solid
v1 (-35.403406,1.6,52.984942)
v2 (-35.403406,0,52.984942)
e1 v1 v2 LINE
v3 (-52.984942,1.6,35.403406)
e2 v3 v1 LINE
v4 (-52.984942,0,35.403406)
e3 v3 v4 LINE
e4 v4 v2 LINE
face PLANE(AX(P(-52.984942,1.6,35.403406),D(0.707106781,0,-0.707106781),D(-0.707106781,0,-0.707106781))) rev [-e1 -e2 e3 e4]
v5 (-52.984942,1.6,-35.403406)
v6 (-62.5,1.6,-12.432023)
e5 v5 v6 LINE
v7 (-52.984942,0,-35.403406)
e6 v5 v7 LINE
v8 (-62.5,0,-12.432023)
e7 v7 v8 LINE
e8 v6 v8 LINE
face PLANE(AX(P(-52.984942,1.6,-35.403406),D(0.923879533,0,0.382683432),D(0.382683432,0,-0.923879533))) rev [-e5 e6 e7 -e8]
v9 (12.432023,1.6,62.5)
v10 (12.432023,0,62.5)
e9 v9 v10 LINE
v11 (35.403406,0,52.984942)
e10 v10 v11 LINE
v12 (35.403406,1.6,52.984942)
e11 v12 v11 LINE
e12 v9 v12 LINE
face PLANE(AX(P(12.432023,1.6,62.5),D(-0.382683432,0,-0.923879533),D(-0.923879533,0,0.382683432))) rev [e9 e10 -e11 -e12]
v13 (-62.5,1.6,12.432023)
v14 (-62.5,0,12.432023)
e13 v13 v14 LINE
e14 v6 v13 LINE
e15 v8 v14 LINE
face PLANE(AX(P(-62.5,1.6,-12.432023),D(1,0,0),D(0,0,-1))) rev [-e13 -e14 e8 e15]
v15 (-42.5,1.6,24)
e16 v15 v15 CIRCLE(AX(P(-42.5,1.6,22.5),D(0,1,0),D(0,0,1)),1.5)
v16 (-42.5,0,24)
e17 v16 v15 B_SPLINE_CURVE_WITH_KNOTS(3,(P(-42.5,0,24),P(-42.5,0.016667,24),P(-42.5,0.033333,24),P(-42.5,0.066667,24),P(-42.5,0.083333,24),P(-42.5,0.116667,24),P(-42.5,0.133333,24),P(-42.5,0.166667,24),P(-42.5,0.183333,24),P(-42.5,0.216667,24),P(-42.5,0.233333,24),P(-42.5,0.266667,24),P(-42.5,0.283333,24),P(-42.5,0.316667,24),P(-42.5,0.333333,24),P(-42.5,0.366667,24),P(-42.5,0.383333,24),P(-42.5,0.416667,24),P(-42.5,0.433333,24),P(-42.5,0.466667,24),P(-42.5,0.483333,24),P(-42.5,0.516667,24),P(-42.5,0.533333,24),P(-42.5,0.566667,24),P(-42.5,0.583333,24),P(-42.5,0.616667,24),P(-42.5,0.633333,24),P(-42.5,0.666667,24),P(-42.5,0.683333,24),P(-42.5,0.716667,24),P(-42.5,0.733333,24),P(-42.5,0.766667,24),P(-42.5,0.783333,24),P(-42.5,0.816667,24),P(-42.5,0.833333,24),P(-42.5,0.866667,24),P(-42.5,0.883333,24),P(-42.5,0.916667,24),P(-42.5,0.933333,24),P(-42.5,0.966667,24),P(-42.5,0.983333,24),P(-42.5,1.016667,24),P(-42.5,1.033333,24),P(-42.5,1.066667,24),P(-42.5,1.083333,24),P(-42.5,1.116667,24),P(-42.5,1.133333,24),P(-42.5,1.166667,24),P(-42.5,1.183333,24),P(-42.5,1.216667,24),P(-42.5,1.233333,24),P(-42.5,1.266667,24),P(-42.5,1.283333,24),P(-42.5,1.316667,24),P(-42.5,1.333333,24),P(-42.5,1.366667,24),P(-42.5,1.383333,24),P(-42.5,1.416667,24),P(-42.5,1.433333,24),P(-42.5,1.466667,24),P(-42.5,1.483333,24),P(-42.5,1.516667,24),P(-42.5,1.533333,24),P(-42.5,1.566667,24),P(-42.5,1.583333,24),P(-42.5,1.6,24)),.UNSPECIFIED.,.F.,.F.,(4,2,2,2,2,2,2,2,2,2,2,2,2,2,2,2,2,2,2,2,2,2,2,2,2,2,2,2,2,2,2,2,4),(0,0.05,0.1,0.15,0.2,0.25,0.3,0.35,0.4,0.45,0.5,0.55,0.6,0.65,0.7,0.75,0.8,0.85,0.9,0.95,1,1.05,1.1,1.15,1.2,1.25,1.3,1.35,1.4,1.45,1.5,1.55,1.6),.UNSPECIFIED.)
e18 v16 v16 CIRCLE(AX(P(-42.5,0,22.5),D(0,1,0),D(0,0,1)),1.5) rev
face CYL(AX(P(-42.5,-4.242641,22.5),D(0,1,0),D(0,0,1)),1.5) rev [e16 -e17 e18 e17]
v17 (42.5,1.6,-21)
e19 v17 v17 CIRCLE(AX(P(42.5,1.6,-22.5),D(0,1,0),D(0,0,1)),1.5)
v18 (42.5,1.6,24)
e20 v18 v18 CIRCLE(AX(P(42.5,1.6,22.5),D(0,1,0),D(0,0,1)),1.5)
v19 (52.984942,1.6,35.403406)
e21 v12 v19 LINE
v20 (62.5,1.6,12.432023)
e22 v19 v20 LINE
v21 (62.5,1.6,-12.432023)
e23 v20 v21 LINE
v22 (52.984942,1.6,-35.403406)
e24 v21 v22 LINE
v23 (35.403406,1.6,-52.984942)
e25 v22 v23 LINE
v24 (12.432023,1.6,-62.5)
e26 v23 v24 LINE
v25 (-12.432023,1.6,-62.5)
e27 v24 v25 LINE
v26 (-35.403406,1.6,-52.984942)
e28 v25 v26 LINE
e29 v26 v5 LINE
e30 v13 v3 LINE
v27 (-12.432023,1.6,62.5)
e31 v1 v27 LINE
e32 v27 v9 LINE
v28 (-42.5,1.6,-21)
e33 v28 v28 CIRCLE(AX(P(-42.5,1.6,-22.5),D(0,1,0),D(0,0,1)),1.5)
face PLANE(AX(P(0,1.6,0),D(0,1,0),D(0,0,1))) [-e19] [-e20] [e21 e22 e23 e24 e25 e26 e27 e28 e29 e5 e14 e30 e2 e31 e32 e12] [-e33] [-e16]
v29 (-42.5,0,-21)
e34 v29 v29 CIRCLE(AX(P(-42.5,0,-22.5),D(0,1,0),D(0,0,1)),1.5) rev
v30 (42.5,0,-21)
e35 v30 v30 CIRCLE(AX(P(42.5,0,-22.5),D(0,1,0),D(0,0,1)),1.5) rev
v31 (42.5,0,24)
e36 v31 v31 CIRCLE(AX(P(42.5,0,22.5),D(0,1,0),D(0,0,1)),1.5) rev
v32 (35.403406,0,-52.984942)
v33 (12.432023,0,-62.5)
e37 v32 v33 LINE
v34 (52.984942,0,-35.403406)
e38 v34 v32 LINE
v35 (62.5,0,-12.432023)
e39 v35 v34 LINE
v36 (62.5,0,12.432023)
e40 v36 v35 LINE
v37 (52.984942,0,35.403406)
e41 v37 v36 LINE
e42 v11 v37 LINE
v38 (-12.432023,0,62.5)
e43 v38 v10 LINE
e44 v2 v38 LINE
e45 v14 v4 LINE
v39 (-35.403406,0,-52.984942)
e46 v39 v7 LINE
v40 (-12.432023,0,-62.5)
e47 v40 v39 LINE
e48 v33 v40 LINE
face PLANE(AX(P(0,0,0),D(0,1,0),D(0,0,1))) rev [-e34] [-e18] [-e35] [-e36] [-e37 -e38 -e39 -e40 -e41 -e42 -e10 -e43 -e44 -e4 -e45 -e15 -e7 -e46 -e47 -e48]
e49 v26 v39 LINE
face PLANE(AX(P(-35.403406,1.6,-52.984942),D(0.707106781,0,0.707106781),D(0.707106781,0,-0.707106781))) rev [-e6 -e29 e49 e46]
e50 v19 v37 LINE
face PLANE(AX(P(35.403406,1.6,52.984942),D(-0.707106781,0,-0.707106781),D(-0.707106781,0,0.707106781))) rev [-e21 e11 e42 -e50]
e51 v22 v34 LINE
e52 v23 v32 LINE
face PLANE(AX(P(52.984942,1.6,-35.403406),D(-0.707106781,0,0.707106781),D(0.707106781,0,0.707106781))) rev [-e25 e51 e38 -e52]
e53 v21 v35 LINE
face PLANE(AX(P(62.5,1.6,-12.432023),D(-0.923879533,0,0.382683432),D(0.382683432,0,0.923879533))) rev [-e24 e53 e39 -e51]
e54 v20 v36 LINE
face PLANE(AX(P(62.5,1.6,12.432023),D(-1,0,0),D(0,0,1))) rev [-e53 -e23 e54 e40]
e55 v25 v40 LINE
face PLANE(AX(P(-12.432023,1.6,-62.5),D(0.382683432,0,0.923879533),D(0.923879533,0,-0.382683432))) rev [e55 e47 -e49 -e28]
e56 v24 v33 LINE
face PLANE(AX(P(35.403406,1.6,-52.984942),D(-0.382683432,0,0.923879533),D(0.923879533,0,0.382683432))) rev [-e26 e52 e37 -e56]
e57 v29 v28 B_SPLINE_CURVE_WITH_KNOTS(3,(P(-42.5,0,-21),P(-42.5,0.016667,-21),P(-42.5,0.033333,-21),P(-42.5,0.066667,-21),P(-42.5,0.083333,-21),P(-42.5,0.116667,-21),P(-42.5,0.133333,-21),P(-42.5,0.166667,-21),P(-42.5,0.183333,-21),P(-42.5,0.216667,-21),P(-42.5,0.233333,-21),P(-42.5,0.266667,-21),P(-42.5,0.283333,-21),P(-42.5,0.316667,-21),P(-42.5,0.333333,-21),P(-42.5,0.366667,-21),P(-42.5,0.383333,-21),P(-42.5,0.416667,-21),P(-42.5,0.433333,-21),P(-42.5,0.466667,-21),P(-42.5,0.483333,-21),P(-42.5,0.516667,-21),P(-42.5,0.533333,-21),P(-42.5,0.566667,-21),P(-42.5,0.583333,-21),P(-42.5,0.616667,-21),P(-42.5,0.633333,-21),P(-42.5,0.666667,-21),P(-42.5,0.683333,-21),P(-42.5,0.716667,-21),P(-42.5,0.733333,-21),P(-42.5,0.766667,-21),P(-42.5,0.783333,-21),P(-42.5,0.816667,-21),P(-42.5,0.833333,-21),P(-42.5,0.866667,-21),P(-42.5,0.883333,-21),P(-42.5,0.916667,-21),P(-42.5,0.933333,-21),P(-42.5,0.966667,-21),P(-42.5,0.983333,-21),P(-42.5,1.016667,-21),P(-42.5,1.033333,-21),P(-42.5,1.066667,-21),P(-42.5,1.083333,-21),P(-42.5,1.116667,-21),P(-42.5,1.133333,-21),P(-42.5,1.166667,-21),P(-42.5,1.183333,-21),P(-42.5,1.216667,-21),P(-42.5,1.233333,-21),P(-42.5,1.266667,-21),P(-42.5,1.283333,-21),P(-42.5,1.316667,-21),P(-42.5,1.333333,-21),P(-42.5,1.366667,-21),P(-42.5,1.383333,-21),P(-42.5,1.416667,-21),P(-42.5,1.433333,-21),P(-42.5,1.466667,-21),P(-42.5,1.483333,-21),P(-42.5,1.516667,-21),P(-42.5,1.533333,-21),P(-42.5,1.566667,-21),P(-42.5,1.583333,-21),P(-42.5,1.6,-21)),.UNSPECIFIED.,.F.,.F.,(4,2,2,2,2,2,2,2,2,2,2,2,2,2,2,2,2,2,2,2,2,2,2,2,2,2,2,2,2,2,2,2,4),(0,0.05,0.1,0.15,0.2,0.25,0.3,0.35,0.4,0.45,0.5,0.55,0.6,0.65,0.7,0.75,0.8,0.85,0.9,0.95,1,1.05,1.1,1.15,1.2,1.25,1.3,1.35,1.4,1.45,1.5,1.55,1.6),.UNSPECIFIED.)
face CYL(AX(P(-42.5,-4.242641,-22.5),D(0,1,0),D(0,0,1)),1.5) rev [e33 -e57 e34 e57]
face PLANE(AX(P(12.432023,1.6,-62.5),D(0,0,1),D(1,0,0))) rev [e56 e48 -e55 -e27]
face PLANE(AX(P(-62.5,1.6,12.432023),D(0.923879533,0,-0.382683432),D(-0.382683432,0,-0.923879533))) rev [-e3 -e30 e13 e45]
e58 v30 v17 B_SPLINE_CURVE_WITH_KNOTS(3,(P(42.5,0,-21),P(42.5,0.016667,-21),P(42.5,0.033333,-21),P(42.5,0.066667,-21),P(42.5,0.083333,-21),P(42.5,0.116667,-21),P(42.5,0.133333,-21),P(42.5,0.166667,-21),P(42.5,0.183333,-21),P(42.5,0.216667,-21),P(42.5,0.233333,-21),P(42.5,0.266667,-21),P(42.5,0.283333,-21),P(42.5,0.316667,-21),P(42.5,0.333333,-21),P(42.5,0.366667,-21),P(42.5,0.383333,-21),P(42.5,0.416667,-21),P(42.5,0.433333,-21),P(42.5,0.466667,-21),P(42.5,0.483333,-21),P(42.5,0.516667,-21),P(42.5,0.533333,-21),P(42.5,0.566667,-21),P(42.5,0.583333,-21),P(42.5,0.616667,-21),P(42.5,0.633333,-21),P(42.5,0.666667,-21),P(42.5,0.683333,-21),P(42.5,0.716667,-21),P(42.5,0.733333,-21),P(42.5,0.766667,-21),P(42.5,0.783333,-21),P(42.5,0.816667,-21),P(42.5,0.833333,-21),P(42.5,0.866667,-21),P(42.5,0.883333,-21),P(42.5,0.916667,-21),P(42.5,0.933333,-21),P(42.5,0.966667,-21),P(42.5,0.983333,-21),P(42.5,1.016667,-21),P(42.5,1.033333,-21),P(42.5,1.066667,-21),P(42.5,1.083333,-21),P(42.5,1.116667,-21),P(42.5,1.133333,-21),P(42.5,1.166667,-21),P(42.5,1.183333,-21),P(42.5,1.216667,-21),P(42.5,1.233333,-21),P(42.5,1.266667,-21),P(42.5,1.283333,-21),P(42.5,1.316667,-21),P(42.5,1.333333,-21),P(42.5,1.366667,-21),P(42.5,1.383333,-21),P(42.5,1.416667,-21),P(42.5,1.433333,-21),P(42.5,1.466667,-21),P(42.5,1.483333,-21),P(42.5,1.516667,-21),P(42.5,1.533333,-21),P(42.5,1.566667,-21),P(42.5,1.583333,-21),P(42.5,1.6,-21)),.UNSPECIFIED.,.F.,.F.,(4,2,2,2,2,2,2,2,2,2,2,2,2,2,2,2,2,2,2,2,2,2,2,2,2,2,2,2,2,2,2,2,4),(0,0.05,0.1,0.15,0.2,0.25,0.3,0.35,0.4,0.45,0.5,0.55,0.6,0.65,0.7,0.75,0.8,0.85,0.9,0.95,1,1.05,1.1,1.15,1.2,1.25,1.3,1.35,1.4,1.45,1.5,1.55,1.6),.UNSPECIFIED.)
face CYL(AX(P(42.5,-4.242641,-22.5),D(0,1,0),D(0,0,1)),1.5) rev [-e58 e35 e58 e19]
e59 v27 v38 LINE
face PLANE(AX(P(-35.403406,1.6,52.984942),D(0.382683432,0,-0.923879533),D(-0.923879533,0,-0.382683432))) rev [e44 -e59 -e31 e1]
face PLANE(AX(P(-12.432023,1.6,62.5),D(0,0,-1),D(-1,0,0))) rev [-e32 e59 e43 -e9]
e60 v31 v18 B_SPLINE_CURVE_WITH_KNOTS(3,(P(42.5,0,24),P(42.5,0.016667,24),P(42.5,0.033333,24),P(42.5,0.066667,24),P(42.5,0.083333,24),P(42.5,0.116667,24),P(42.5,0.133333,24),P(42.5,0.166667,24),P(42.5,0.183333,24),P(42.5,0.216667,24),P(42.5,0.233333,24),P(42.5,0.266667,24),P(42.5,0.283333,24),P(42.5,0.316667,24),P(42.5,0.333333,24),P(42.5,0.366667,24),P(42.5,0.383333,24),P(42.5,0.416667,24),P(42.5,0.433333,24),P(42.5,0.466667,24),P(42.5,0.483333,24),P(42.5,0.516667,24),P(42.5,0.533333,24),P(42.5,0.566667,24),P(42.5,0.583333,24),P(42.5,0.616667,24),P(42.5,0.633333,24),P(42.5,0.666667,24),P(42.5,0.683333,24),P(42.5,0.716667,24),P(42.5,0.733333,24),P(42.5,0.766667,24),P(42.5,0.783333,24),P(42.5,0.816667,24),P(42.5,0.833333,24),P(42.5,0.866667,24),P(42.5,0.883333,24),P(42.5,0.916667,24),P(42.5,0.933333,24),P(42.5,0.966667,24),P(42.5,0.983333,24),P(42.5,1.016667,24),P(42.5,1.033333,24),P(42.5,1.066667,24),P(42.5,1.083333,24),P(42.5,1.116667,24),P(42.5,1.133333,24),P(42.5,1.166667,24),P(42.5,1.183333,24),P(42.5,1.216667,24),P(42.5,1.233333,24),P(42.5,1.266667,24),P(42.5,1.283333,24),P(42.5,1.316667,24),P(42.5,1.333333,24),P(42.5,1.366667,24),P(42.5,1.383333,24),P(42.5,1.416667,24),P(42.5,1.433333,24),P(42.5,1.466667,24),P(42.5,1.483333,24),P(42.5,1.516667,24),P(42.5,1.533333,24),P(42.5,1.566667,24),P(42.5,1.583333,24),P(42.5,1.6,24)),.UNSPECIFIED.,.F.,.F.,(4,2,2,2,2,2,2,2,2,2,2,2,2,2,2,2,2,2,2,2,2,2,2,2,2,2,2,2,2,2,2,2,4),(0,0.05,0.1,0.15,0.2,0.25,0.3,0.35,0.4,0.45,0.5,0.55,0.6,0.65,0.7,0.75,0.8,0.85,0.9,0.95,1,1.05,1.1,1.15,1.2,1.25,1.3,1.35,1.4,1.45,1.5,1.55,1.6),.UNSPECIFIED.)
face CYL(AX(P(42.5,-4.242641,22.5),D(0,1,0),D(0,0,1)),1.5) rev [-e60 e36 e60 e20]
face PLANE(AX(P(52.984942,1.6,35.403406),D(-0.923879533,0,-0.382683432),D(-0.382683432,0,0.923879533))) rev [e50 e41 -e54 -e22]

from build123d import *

# Parameters (mm, degrees)
BOSS_EXTRUDE1_DEPTH = 1.6
SKETCH6_R           = 1.5
CUT_EXTRUDE2_DEPTH  = 1.6


with BuildPart() as part:
    # Sketch1 → Boss-Extrude1 (new body)
    with BuildSketch(Plane(origin=(0, 0, 0), x_dir=(1, 0, 0), z_dir=(0, 1, 0))):
        Polygon((62.5, 12.432022961), (52.984941564, 35.403406084), (35.403406084, 52.984941564), (12.432022961, 62.5), (-12.432022961, 62.5), (-35.403406084, 52.984941564), (-52.984941564, 35.403406084), (-62.5, 12.432022961), (-62.5, -12.432022961), (-52.984941564, -35.403406084), (-35.403406084, -52.984941564), (-12.432022961, -62.5), (12.432022961, -62.5), (35.403406084, -52.984941564), (52.984941564, -35.403406084), (62.5, -12.432022961), align=None)
    extrude(amount=BOSS_EXTRUDE1_DEPTH)

    # Sketch6 → Cut-Extrude2 (cut)
    with BuildSketch(Plane(origin=(0, 1.6, 0), x_dir=(1, 0, 0), z_dir=(0, 1, 0))):
        with Locations(Location((-42.5, 22.5, 0), (0, 0, 270))):
            Circle(SKETCH6_R)
        with Locations(Location((-42.5, -22.5, 0), (0, 0, 270))):
            Circle(SKETCH6_R)
        with Locations(Location((42.5, -22.5, 0), (0, 0, 270))):
            Circle(SKETCH6_R)
        with Locations(Location((42.5, 22.5, 0), (0, 0, 270))):
            Circle(SKETCH6_R)
    extrude(amount=-CUT_EXTRUDE2_DEPTH, mode=Mode.SUBTRACT)


solid = part.part
